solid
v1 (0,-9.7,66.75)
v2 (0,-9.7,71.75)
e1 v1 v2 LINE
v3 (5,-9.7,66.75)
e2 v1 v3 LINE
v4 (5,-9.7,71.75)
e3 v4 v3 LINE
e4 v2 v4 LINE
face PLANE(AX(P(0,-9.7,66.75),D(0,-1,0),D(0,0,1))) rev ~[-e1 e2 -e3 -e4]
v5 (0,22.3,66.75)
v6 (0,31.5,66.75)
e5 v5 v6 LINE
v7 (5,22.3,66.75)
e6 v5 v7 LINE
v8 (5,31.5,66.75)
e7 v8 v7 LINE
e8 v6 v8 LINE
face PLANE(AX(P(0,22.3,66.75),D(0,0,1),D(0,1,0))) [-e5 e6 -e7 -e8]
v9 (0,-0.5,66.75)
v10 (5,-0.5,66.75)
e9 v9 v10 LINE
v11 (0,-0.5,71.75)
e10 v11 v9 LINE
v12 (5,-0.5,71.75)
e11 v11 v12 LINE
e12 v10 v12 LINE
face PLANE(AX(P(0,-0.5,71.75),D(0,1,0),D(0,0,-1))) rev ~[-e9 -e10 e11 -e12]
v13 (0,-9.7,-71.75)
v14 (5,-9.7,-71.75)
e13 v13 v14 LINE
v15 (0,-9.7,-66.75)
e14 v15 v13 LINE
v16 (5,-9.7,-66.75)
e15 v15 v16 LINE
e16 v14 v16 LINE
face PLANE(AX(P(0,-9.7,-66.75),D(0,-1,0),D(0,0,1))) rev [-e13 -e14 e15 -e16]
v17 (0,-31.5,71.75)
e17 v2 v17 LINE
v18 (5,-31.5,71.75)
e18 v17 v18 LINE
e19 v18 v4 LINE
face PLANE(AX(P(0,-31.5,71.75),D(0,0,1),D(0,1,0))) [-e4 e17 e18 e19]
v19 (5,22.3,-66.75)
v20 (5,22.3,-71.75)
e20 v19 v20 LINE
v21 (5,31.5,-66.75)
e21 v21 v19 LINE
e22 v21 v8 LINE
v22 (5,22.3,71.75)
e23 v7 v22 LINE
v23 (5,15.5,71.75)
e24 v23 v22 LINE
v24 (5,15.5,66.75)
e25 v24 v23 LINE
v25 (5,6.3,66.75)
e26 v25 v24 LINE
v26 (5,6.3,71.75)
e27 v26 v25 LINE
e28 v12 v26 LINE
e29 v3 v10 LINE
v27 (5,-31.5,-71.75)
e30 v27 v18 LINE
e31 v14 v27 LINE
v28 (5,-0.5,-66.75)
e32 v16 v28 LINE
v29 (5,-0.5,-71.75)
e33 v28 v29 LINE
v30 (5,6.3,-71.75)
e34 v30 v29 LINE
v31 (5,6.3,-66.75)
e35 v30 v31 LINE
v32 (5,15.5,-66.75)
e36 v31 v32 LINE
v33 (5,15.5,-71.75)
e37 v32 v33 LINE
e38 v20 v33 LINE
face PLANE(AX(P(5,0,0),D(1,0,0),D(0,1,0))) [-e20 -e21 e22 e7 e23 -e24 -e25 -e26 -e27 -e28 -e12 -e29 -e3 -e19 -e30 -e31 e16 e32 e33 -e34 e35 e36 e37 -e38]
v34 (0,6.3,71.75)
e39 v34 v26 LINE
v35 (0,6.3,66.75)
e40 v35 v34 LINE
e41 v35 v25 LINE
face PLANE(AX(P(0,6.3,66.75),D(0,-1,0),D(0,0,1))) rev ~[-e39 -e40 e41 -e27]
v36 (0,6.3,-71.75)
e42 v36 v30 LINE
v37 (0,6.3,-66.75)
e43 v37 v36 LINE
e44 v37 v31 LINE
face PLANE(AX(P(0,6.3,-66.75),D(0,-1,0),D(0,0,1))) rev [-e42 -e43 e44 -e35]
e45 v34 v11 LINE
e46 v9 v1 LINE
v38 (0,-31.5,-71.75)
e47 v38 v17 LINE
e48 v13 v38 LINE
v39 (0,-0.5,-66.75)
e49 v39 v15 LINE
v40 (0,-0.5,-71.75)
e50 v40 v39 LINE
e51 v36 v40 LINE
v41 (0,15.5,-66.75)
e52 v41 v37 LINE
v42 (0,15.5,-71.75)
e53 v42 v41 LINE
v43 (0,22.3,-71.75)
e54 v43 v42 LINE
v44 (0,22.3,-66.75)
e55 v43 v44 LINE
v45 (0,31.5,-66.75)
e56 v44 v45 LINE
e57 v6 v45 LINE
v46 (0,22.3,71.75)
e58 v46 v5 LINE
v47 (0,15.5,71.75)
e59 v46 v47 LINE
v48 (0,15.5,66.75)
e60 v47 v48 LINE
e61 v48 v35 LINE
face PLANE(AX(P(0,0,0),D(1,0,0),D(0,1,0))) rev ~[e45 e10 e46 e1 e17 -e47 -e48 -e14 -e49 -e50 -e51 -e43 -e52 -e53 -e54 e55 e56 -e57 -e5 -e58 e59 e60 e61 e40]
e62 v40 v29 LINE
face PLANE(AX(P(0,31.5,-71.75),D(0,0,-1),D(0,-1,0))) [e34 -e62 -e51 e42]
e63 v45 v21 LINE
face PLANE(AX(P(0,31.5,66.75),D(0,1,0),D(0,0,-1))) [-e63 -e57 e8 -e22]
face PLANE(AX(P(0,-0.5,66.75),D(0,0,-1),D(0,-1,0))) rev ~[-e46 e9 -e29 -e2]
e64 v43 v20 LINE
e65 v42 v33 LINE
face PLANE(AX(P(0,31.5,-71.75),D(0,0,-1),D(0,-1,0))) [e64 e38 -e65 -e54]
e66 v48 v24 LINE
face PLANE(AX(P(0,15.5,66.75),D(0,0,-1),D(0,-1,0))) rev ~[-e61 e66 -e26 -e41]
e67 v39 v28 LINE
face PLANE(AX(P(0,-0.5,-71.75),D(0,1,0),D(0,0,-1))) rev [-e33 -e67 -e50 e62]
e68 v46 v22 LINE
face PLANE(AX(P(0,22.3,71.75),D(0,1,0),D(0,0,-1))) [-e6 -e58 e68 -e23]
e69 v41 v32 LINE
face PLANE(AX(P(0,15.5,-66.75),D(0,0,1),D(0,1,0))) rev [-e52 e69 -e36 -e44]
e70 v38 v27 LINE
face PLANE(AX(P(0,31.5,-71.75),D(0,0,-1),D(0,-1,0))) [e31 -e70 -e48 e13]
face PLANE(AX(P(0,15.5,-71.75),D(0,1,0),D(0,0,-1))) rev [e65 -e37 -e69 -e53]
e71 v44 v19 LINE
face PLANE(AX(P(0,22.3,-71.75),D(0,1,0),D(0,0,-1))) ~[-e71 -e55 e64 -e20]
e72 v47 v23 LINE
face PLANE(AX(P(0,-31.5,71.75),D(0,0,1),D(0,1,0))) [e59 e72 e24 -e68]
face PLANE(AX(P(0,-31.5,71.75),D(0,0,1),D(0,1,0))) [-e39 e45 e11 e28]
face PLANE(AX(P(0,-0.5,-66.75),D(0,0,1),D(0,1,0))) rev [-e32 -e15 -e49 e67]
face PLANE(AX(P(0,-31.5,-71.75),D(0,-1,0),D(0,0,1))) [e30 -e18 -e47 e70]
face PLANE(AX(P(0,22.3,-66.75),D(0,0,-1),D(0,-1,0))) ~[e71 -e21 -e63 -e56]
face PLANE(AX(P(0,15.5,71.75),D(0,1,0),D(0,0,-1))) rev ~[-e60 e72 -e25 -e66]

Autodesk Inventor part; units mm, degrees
ref_plane "YZ Plane" through (0, 0, 0) normal (1, 0, 0) x (0, 1, 0)
ref_plane "XZ Plane" through (0, 0, 0) normal (0, 1, 0) x (-1, 0, 0)
ref_plane "XY Plane" through (0, 0, 0) normal (0, 0, 1) x (1, 0, 0)
sketch "Sketch1" plane through (0, 0, 0) normal (1, 0, 0) x (0, 1, 0)
  line L0 (-31.5, 71.75) -> (31.5, 71.75)
  line L1 (31.5, 71.75) -> (31.5, -71.75)
  line L2 (31.5, -71.75) -> (-31.5, -71.75)
  line L3 (-31.5, -71.75) -> (-31.5, 71.75)
  line L4 (-31.5, 71.75) -> (31.5, -71.75) construction
  line L5 (31.5, 71.75) -> (-31.5, -71.75) construction
  line L6 (12.4, 71.75) -> (24.4, 71.75)
  line L7 (6.3, 71.75) -> (15.5, 71.75)
  line L8 (15.5, 71.75) -> (15.5, 66.75)
  line L9 (15.5, 66.75) -> (6.3, 66.75)
  line L10 (6.3, 66.75) -> (6.3, 71.75)
  line L11 (6.3, 71.75) -> (15.5, 66.75) construction
  line L12 (15.5, 71.75) -> (6.3, 66.75) construction
  line L13 (22.3, 66.75) -> (31.5, 66.75)
  line L14 (31.5, 66.75) -> (31.5, 71.75)
  line L15 (31.5, 71.75) -> (22.3, 71.75)
  line L16 (22.3, 71.75) -> (22.3, 66.75)
  line L17 (22.3, 66.75) -> (31.5, 71.75) construction
  line L18 (31.5, 66.75) -> (22.3, 71.75) construction
  line L19 (-9.7, 71.75) -> (-0.5, 71.75)
  line L20 (-0.5, 71.75) -> (-0.5, 66.75)
  line L21 (-0.5, 66.75) -> (-9.7, 66.75)
  line L22 (-9.7, 66.75) -> (-9.7, 71.75)
  line L23 (-9.7, 71.75) -> (-0.5, 66.75) construction
  line L24 (-0.5, 71.75) -> (-9.7, 66.75) construction
  point P0 (0, 0)
  point P1 (10.9, 69.25)
  point P2 (26.9, 69.25)
  point P3 (31.5, 69.25)
  point P4 (22.3, 71.75)
  point P5 (-5.1, 69.25)
  point P6 (-0.5, 71.75)
  dimension "d0" = 143.5
  dimension "d1" = 63
  dimension "d19" = 5
  dimension "d20" = 9.2
  dimension "d21" = 9.2
  dimension "d22" = 5
  dimension "d23" = 16
  dimension "d26" = 6.8
  dimension "d27" = 16
  dimension "d28" = 9.2
extrude "Extrusion1" add sketch "Sketch1" along normal blind 5
extrude "Extrusion3" cut sketch "Sketch1" along normal through all contours L0 L20 L21 L22 | L0 L8 L9 L10 | L13 L16 L0 L1
mirror "Mirror1" about plane through (0, 0, 0) normal (0, 0, 1) of "Extrusion3"
equation "\"d21\" = d20"
equation "\"d22\" = d19"
equation "\"d27\" = d23"
equation "\"d28\" = d21"
properties part number "gate"
